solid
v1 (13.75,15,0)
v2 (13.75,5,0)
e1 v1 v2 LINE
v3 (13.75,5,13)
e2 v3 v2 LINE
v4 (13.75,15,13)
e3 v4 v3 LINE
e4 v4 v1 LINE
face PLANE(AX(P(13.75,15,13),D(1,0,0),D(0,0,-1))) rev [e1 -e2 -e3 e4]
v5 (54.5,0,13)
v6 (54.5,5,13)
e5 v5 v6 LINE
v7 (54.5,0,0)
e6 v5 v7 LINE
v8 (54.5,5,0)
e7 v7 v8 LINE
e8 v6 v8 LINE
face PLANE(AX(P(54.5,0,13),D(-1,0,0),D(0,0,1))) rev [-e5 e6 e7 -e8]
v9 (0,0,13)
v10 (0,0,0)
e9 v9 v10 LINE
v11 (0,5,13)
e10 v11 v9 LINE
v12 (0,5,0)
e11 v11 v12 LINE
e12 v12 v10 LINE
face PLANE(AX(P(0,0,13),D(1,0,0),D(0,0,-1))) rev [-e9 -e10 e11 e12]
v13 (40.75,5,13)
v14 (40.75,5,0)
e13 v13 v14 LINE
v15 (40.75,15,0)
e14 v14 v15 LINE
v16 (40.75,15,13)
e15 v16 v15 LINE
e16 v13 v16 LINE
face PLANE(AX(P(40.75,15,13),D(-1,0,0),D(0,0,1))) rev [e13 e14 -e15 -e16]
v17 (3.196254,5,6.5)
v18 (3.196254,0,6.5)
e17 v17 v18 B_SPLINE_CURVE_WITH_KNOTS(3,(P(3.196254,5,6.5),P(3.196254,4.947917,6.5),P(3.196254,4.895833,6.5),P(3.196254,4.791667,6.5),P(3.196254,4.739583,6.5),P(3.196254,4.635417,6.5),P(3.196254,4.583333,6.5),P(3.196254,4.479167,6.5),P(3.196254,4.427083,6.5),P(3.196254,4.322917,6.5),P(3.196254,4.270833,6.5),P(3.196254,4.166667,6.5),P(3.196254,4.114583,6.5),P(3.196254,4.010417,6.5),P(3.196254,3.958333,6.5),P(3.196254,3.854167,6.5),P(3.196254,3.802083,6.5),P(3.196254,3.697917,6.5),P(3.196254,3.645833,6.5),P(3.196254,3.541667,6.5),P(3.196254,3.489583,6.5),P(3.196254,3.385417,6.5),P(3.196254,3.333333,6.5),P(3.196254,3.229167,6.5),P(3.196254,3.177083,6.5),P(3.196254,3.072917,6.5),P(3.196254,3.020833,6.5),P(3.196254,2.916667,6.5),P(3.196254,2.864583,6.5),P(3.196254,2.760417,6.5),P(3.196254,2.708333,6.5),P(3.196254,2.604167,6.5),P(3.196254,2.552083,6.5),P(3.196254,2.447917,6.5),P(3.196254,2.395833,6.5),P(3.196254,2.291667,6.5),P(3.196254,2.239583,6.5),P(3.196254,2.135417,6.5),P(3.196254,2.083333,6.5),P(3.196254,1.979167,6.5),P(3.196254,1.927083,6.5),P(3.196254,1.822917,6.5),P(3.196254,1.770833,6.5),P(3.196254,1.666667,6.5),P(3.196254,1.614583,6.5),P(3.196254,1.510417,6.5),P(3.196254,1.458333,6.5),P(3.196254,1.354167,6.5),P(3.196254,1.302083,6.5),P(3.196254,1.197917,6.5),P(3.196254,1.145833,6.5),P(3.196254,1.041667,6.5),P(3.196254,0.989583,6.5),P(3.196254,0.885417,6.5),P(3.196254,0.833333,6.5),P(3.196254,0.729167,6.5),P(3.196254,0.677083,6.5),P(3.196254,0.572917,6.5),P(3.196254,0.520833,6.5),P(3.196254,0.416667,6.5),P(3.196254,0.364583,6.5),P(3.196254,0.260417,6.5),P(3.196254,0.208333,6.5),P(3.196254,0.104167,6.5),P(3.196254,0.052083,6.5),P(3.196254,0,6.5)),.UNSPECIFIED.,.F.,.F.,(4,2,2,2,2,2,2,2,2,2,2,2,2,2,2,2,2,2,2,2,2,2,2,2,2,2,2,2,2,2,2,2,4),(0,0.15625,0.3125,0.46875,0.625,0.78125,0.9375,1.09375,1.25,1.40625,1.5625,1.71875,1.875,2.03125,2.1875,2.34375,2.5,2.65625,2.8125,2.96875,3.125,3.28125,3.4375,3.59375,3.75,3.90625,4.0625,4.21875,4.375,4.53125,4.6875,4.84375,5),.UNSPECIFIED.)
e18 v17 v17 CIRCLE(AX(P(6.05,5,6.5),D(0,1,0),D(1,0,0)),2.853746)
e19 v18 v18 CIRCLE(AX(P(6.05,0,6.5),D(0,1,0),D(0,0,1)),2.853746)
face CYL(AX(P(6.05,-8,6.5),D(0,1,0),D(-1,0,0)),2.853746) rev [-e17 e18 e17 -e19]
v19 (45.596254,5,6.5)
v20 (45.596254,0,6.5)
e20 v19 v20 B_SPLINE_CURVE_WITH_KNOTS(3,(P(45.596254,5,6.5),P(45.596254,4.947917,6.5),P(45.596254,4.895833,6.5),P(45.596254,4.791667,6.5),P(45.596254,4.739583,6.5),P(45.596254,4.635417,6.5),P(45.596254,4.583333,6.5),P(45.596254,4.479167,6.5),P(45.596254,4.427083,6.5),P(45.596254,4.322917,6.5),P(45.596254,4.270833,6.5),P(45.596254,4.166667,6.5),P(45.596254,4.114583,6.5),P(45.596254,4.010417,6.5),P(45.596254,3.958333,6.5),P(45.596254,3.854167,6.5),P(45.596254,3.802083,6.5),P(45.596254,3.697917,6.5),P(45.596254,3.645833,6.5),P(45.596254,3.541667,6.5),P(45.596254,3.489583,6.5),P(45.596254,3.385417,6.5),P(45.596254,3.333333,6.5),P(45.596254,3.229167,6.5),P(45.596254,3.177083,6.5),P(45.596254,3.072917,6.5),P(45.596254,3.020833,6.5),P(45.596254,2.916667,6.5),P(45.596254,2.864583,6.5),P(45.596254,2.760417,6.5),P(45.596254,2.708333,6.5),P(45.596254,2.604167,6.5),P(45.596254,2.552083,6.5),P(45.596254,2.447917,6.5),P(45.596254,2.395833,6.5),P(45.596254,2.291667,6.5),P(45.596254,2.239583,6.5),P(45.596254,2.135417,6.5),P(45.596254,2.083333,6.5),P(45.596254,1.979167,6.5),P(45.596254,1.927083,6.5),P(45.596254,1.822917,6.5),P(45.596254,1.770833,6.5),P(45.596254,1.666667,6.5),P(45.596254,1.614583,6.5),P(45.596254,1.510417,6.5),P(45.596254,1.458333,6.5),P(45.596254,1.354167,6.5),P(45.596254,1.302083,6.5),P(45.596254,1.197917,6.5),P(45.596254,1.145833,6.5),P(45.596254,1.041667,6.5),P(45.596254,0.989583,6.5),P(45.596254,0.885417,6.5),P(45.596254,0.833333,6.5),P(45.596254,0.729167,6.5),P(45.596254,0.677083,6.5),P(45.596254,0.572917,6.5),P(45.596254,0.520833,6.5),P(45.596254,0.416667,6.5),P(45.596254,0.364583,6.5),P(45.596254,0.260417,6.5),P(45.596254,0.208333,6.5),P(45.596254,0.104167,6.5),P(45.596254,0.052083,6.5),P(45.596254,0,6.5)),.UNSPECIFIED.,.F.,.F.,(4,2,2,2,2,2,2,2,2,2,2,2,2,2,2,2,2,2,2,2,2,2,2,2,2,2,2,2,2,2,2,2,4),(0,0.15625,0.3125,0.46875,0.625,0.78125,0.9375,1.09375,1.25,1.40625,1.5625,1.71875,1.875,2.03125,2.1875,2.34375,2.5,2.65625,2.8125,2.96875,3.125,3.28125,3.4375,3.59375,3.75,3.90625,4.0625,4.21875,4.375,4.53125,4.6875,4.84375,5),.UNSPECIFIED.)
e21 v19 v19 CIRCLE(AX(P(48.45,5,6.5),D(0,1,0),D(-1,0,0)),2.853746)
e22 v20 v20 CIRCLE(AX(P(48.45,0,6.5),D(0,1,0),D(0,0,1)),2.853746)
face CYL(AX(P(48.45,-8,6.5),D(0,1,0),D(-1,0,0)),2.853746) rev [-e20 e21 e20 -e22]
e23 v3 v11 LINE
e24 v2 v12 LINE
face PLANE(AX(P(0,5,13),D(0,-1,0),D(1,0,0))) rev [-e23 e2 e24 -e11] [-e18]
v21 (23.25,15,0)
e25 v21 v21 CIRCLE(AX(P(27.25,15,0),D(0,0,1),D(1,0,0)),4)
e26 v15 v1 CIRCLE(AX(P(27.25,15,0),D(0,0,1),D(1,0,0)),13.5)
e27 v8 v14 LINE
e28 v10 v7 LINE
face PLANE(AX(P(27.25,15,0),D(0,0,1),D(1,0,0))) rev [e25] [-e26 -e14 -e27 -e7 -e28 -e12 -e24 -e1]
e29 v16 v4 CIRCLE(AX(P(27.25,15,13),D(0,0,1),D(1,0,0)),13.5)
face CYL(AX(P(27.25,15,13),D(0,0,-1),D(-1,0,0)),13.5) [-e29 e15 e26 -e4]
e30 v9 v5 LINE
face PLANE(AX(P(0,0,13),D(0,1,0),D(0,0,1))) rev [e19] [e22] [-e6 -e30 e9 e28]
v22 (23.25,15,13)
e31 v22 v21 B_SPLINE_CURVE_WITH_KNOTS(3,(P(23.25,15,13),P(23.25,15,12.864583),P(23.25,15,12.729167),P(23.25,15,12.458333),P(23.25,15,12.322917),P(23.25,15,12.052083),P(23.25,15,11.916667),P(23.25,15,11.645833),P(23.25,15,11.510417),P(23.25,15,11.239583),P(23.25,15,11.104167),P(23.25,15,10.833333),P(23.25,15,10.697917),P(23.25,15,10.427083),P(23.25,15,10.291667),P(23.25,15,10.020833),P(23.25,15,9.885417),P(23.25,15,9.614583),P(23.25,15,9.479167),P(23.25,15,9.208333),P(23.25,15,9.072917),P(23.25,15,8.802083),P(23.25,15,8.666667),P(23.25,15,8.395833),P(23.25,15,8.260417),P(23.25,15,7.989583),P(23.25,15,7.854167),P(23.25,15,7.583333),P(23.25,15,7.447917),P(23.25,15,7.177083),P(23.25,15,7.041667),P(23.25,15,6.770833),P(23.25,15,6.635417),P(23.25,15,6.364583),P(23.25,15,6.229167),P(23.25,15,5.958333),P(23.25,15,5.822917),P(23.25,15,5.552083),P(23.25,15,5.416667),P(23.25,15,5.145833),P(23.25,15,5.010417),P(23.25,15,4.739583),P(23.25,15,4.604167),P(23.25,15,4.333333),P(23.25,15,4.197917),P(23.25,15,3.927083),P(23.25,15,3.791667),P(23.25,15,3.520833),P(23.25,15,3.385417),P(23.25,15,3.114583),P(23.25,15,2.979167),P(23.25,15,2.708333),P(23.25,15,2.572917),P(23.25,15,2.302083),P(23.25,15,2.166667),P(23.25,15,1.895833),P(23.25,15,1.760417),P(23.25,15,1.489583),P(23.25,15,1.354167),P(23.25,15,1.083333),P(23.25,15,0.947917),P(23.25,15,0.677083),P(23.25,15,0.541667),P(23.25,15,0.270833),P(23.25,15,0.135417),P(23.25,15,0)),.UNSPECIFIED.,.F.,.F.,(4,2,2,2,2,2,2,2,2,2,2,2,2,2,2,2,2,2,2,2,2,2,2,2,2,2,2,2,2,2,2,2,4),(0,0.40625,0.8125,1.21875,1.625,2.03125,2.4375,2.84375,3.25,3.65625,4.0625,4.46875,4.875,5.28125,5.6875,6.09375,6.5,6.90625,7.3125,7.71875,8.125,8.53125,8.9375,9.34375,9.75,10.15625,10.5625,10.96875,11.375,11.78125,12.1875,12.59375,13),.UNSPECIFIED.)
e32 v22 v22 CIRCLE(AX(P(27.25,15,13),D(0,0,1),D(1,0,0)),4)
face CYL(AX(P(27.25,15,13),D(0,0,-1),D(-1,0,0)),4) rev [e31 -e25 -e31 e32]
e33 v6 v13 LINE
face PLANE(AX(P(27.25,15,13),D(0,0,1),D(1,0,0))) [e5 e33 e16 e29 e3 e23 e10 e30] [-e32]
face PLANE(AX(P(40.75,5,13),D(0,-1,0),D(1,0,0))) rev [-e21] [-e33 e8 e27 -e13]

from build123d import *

# Parameters (mm, degrees)
SKETCH1_R           = 4
BOSS_EXTRUDE1_DEPTH = 13
SKETCH2_R           = 2.853745902
CUT_EXTRUDE1_DEPTH  = 13


with BuildPart() as part:
    # Sketch1 → Boss-Extrude1 (new body)
    with BuildSketch(Plane.XY):
        with BuildLine():
            Line((0, 0), (54.5, 0))
            Line((54.5, 0), (54.5, 5))
            Line((54.5, 5), (40.75, 5))
            Line((40.75, 5), (40.75, 15))
            ThreePointArc((40.75, 15), (27.25, 28.5), (13.75, 15))
            Line((13.75, 15), (13.75, 5))
            Line((13.75, 5), (0, 5))
            Line((0, 5), (0, 0))
        make_face()
        with Locations(Location((27.25, 15, 0), (0, 0, 180))):
            Circle(SKETCH1_R, mode=Mode.SUBTRACT)
    extrude(amount=BOSS_EXTRUDE1_DEPTH)

    # Sketch2 → Cut-Extrude1 (cut)
    with BuildSketch(Plane(origin=(0, 5, 0), x_dir=(1, 0, 0), z_dir=(0, 1, 0))):
        with Locations(Location((48.45, -6.5, 0), (0, 0, 180))):
            Circle(SKETCH2_R)
        with Locations(Location((6.05, -6.5, 0), (0, 0, 180))):
            Circle(SKETCH2_R)
    extrude(amount=-CUT_EXTRUDE1_DEPTH, mode=Mode.SUBTRACT)


solid = part.part
